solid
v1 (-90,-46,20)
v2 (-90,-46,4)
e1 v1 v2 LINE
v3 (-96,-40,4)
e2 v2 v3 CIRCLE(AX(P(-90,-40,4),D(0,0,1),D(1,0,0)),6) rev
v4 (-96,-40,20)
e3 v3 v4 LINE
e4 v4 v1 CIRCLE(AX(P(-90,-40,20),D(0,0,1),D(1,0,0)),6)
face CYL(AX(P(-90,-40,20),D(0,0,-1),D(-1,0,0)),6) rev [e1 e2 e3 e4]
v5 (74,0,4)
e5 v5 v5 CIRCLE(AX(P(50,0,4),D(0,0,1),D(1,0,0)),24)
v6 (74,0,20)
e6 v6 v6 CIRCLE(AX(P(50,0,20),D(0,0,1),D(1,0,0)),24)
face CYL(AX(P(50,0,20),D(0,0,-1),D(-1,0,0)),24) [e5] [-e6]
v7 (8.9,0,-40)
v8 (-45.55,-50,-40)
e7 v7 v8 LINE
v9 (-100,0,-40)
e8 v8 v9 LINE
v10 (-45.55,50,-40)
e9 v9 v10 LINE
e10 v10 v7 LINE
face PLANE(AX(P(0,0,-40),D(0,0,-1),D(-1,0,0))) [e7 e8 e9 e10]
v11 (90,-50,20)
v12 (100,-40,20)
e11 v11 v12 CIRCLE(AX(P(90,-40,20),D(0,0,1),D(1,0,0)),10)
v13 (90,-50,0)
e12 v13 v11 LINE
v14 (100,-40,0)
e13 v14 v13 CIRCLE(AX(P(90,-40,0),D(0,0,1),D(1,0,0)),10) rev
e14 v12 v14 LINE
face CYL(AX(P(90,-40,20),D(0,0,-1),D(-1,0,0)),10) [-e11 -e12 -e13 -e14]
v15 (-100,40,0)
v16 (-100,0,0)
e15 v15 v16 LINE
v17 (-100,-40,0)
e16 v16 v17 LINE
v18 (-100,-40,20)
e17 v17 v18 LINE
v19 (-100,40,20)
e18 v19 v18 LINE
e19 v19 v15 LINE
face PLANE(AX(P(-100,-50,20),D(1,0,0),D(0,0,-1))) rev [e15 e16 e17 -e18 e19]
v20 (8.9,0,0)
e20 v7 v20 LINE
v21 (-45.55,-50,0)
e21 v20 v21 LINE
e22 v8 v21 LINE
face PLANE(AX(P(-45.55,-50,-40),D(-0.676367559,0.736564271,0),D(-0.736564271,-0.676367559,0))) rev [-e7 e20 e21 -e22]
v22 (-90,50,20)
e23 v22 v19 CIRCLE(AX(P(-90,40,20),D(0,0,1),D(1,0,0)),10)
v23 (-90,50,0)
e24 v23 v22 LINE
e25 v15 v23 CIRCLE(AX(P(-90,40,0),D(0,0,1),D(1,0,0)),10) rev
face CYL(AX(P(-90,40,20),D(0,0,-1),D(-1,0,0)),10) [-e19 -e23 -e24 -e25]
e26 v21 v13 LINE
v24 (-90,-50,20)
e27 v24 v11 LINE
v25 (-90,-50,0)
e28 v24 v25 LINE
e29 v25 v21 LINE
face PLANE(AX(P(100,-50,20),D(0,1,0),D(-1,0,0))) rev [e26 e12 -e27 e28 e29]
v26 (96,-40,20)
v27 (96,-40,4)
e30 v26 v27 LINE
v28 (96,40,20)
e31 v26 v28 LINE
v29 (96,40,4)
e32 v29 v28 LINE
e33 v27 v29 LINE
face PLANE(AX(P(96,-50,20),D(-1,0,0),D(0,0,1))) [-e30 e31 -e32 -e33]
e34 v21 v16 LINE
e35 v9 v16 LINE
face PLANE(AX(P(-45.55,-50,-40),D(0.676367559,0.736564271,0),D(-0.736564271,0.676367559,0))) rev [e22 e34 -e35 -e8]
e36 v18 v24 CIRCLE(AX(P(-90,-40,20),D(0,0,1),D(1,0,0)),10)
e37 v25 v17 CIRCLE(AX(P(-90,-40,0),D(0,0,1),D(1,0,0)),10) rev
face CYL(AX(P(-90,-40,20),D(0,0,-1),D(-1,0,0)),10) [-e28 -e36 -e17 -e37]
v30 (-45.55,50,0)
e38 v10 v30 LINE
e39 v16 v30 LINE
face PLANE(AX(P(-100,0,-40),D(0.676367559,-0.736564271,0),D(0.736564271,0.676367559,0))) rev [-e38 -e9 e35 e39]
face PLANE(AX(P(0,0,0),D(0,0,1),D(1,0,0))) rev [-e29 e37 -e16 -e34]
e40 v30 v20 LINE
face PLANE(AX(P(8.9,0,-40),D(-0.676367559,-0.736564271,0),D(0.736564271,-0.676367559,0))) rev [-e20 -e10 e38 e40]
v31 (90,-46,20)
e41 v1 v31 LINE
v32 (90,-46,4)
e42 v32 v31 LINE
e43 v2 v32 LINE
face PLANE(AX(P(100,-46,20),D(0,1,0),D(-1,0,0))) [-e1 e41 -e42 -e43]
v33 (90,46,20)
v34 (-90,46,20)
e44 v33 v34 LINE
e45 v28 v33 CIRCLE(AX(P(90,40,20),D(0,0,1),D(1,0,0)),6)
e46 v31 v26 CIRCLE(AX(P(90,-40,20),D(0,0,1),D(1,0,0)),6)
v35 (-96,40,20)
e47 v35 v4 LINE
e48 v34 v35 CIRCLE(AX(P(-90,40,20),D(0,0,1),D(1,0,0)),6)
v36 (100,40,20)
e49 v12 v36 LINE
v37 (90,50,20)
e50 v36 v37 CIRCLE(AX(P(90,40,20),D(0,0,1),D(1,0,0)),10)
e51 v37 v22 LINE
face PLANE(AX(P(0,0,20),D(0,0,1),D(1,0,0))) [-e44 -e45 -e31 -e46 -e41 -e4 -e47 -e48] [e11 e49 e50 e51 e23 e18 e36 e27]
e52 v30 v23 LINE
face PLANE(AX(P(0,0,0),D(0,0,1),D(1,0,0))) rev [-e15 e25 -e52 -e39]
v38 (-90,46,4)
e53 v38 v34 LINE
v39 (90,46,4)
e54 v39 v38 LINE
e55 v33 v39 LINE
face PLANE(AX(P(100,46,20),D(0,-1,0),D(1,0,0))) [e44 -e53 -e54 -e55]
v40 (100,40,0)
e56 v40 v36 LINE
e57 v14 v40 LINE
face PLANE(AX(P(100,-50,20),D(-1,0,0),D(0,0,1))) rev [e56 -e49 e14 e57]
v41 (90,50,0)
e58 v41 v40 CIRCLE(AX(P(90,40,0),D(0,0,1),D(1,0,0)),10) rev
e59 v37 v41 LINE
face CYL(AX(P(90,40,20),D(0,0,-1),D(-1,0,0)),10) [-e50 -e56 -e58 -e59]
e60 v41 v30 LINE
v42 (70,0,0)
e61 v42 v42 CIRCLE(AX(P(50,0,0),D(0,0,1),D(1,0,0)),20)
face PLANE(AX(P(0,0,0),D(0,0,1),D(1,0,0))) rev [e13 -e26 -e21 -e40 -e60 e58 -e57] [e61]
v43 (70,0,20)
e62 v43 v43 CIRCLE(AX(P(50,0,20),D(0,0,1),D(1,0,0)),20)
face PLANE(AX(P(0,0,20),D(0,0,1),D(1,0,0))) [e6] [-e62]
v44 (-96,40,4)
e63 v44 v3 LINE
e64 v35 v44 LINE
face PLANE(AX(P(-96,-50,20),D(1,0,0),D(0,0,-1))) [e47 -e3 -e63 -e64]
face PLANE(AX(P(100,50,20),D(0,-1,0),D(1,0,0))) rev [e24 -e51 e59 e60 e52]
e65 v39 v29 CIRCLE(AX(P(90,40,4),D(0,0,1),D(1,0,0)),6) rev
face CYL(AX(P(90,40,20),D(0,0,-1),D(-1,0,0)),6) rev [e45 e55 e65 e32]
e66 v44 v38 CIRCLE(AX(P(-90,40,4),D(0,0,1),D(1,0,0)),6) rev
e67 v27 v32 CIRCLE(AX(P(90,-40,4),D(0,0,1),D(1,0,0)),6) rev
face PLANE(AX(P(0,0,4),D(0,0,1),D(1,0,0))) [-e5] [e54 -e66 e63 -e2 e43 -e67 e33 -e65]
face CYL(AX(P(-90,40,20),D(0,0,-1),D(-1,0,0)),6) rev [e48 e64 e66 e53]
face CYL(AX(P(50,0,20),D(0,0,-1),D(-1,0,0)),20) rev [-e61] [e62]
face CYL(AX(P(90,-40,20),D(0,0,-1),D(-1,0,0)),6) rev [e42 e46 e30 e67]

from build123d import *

# Parameters (mm, degrees)
SKICA1_W                = 200
SKICA1_H                = 100
SKICA1_R                = 20
P_IDAT_VYSUNUT_M1_DEPTH = 20
ZAOBLIT1_R              = 10
SKO_EPINA1_T            = -4
P_IDAT_VYSUNUT_M2_DEPTH = 40


with BuildPart() as part:
    # Skica1 → Přidat vysunutím1 (new body)
    with BuildSketch(Plane.XY):
        Rectangle(SKICA1_W, SKICA1_H)
        with Locations((50, 0)):
            Circle(SKICA1_R, mode=Mode.SUBTRACT)
    extrude(amount=P_IDAT_VYSUNUT_M1_DEPTH)

    # Zaoblit1
    zaoblit1_edges = [part.edges().sort_by_distance(p)[0] for p in [
        (-100, 50, 10),
        (100, 50, 10),
        (100, -50, 10),
        (-100, -50, 10),
    ]]
    fillet(zaoblit1_edges, radius=ZAOBLIT1_R)

    # Skořepina1
    sko_epina1_openings = [part.faces().sort_by_distance(p)[0] for p in [
        (0, 0, 20),
    ]]
    offset(amount=SKO_EPINA1_T, openings=sko_epina1_openings, kind=Kind.INTERSECTION)

    # Skica2 → Přidat vysunutím2 (add)
    with BuildSketch(Plane(origin=(0, 0, 0), x_dir=(-1, 0, 0), z_dir=(0, 0, -1))):
        Polygon((45.55, -50), (100, 0), (45.55, 50), (-8.9, 0), align=None)
    extrude(amount=P_IDAT_VYSUNUT_M2_DEPTH)


solid = part.part
